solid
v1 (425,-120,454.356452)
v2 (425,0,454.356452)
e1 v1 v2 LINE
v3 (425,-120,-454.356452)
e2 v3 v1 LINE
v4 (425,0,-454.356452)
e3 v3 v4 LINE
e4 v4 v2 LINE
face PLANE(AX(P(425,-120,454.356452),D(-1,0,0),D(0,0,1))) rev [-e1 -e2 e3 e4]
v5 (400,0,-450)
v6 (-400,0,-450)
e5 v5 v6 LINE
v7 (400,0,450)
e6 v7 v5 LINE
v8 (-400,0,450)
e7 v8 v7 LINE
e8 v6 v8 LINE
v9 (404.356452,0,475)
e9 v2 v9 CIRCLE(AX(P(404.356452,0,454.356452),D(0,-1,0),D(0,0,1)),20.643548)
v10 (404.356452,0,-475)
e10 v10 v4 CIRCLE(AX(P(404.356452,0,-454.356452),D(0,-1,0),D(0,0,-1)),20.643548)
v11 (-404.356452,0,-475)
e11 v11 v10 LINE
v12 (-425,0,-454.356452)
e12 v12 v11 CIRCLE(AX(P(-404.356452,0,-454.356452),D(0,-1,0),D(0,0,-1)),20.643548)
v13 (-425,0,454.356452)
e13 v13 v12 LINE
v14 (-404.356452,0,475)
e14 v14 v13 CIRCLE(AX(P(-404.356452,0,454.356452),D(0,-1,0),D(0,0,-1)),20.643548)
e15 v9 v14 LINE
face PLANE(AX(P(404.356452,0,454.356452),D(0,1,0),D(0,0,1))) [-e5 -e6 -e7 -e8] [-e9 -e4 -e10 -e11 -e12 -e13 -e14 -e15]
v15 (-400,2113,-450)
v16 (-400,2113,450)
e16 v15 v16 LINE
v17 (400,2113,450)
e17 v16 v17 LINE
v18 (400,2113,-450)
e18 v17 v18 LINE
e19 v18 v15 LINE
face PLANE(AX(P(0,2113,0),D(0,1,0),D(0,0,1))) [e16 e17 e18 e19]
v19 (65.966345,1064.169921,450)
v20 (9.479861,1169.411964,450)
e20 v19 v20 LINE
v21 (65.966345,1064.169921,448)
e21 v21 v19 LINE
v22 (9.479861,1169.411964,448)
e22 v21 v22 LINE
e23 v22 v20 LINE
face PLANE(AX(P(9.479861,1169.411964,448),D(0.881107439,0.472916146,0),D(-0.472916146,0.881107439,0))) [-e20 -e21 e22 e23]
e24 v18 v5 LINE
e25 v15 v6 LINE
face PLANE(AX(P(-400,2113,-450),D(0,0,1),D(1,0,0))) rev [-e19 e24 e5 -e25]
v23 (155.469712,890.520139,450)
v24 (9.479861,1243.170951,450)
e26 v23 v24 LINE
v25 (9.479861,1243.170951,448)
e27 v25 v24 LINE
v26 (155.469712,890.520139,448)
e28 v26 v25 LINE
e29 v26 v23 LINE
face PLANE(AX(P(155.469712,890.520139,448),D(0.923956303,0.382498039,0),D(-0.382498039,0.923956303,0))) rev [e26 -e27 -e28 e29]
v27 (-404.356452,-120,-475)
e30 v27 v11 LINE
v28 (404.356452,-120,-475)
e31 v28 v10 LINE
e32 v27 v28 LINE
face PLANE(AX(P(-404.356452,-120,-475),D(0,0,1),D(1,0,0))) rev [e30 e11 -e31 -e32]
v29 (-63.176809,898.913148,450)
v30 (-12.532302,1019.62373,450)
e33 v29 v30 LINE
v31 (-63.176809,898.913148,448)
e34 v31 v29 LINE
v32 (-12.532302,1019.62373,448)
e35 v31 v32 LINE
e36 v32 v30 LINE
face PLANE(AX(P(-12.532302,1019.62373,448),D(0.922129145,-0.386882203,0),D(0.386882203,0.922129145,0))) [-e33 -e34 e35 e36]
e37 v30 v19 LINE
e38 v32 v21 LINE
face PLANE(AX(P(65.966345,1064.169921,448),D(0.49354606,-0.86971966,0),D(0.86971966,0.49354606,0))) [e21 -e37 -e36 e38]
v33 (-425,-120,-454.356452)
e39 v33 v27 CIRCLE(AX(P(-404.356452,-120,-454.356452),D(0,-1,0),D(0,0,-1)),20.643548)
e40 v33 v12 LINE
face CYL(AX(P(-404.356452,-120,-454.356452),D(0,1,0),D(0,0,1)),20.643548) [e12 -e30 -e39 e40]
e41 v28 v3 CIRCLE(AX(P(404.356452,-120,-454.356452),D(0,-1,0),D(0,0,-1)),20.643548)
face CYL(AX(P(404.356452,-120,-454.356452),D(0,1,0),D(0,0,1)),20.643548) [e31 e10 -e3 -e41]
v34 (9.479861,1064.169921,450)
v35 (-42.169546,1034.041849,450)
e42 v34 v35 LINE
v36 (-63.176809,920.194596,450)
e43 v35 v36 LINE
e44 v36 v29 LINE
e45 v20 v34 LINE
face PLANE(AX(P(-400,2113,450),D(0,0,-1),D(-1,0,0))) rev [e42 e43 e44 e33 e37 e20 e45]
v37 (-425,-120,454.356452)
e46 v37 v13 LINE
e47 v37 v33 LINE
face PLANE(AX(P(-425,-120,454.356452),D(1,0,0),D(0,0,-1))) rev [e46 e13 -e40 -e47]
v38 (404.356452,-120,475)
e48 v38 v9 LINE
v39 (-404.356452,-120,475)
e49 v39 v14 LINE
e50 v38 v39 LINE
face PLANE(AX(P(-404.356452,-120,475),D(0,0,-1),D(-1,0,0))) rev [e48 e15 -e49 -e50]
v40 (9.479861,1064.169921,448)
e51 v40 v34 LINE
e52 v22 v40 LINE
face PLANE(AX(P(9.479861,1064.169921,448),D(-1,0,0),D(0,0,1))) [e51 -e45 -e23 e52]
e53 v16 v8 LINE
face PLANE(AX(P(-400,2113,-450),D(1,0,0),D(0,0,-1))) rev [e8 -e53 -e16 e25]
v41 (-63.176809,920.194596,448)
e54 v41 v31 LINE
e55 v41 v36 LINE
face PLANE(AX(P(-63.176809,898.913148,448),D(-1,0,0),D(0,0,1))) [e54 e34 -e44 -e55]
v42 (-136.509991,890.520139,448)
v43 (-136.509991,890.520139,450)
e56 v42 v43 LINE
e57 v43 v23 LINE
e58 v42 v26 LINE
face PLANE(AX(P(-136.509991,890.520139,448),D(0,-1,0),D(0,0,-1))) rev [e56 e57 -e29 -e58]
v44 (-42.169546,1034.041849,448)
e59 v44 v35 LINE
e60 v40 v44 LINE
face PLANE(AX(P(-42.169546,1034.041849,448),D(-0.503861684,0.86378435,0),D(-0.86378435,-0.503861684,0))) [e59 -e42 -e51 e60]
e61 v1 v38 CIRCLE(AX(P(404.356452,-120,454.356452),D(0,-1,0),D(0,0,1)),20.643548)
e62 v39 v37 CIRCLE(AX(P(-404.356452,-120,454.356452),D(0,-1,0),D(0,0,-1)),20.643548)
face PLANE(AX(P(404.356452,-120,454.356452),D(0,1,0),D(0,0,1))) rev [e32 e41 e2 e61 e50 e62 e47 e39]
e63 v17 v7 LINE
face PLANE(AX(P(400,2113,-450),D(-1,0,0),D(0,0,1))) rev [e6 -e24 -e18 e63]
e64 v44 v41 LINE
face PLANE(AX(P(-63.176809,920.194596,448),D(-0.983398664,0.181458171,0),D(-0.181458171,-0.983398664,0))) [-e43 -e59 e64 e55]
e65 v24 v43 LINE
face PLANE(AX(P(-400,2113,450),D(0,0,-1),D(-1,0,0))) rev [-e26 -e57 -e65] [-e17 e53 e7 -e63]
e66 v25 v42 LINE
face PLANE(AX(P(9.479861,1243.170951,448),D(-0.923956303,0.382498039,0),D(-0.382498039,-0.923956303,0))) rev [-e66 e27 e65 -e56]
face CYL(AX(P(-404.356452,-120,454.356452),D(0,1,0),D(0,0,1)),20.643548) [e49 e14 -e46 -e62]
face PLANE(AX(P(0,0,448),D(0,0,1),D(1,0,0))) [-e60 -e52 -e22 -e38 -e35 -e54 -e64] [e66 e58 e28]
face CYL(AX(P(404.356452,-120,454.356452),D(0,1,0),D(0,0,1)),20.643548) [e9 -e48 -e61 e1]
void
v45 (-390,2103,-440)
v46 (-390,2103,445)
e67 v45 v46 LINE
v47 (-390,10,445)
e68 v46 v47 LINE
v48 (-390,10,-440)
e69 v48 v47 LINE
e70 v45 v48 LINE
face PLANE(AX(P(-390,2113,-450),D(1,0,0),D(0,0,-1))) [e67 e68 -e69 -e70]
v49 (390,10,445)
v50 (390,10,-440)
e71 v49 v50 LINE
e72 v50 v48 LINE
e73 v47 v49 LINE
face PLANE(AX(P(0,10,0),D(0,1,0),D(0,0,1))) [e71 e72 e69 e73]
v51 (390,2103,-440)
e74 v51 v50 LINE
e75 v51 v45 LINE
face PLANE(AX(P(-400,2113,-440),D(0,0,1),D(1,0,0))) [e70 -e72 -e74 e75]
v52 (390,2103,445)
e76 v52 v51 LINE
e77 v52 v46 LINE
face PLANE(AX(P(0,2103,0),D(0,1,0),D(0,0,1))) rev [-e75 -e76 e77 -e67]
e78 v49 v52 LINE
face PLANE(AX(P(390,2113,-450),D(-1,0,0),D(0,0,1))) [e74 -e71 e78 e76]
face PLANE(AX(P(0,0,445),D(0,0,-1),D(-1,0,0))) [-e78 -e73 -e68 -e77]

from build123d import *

# Parameters (mm, degrees)
CROQUIS1_W              = 800
CROQUIS1_H              = 900
SALIENTE_EXTRUIR1_DEPTH = 2113
VACIADO2_T              = -10
CROQUIS2_W              = 780
CROQUIS2_H              = 2093
SALIENTE_EXTRUIR2_DEPTH = 5
CORTAR_EXTRUIR1_DEPTH   = 2
SALIENTE_EXTRUIR3_DEPTH = 120


with BuildPart() as part:
    # Croquis1 → Saliente-Extruir1 (new body)
    with BuildSketch(Plane(origin=(0, 0, 0), x_dir=(1, 0, 0), z_dir=(0, 1, 0))):
        Rectangle(CROQUIS1_W, CROQUIS1_H)
    extrude(amount=SALIENTE_EXTRUIR1_DEPTH)

    # Vaciado2
    vaciado2_openings = [part.faces().sort_by_distance(p)[0] for p in [
        (0, 1056.5, 450),
    ]]
    offset(amount=VACIADO2_T, openings=vaciado2_openings, kind=Kind.INTERSECTION)

    # Croquis2 → Saliente-Extruir2 (add)
    with BuildSketch(Plane.XY.offset(450)):
        with Locations((0, 1056.5)):
            Rectangle(CROQUIS2_W, CROQUIS2_H)
    extrude(amount=-SALIENTE_EXTRUIR2_DEPTH)

    # Croquis3 → Cortar-Extruir1 (cut)
    with BuildSketch(Plane.XY.offset(450)):
        Polygon((-136.509991439, 890.520139483), (155.469712472, 890.520139483), (9.479860517, 1243.170950701), align=None)
        Polygon((-63.176808732, 920.19459615), (-42.169545822, 1034.041849102), (9.479860517, 1064.169920858), (9.479860517, 1169.411963853), (65.966344659, 1064.169920858), (-12.532301764, 1019.623730372), (-63.176808732, 898.913148296), align=None, mode=Mode.SUBTRACT)
    extrude(amount=-CORTAR_EXTRUIR1_DEPTH, mode=Mode.SUBTRACT)

    # Croquis4 → Saliente-Extruir3 (add)
    with BuildSketch(Plane.XZ):
        with BuildLine():
            Line((-404.35645152, 475), (404.35645152, 475))
            ThreePointArc((404.35645152, 475), (418.953644638, 468.953644638), (425, 454.35645152))
            Line((425, 454.35645152), (425, -454.35645152))
            ThreePointArc((425, -454.35645152), (418.953644638, -468.953644638), (404.35645152, -475))
            Line((404.35645152, -475), (-404.35645152, -475))
            ThreePointArc((-404.35645152, -475), (-418.953644638, -468.953644638), (-425, -454.35645152))
            Line((-425, -454.35645152), (-425, 454.35645152))
            ThreePointArc((-425, 454.35645152), (-418.953644638, 468.953644638), (-404.35645152, 475))
        make_face()
    extrude(amount=SALIENTE_EXTRUIR3_DEPTH)


solid = part.part
